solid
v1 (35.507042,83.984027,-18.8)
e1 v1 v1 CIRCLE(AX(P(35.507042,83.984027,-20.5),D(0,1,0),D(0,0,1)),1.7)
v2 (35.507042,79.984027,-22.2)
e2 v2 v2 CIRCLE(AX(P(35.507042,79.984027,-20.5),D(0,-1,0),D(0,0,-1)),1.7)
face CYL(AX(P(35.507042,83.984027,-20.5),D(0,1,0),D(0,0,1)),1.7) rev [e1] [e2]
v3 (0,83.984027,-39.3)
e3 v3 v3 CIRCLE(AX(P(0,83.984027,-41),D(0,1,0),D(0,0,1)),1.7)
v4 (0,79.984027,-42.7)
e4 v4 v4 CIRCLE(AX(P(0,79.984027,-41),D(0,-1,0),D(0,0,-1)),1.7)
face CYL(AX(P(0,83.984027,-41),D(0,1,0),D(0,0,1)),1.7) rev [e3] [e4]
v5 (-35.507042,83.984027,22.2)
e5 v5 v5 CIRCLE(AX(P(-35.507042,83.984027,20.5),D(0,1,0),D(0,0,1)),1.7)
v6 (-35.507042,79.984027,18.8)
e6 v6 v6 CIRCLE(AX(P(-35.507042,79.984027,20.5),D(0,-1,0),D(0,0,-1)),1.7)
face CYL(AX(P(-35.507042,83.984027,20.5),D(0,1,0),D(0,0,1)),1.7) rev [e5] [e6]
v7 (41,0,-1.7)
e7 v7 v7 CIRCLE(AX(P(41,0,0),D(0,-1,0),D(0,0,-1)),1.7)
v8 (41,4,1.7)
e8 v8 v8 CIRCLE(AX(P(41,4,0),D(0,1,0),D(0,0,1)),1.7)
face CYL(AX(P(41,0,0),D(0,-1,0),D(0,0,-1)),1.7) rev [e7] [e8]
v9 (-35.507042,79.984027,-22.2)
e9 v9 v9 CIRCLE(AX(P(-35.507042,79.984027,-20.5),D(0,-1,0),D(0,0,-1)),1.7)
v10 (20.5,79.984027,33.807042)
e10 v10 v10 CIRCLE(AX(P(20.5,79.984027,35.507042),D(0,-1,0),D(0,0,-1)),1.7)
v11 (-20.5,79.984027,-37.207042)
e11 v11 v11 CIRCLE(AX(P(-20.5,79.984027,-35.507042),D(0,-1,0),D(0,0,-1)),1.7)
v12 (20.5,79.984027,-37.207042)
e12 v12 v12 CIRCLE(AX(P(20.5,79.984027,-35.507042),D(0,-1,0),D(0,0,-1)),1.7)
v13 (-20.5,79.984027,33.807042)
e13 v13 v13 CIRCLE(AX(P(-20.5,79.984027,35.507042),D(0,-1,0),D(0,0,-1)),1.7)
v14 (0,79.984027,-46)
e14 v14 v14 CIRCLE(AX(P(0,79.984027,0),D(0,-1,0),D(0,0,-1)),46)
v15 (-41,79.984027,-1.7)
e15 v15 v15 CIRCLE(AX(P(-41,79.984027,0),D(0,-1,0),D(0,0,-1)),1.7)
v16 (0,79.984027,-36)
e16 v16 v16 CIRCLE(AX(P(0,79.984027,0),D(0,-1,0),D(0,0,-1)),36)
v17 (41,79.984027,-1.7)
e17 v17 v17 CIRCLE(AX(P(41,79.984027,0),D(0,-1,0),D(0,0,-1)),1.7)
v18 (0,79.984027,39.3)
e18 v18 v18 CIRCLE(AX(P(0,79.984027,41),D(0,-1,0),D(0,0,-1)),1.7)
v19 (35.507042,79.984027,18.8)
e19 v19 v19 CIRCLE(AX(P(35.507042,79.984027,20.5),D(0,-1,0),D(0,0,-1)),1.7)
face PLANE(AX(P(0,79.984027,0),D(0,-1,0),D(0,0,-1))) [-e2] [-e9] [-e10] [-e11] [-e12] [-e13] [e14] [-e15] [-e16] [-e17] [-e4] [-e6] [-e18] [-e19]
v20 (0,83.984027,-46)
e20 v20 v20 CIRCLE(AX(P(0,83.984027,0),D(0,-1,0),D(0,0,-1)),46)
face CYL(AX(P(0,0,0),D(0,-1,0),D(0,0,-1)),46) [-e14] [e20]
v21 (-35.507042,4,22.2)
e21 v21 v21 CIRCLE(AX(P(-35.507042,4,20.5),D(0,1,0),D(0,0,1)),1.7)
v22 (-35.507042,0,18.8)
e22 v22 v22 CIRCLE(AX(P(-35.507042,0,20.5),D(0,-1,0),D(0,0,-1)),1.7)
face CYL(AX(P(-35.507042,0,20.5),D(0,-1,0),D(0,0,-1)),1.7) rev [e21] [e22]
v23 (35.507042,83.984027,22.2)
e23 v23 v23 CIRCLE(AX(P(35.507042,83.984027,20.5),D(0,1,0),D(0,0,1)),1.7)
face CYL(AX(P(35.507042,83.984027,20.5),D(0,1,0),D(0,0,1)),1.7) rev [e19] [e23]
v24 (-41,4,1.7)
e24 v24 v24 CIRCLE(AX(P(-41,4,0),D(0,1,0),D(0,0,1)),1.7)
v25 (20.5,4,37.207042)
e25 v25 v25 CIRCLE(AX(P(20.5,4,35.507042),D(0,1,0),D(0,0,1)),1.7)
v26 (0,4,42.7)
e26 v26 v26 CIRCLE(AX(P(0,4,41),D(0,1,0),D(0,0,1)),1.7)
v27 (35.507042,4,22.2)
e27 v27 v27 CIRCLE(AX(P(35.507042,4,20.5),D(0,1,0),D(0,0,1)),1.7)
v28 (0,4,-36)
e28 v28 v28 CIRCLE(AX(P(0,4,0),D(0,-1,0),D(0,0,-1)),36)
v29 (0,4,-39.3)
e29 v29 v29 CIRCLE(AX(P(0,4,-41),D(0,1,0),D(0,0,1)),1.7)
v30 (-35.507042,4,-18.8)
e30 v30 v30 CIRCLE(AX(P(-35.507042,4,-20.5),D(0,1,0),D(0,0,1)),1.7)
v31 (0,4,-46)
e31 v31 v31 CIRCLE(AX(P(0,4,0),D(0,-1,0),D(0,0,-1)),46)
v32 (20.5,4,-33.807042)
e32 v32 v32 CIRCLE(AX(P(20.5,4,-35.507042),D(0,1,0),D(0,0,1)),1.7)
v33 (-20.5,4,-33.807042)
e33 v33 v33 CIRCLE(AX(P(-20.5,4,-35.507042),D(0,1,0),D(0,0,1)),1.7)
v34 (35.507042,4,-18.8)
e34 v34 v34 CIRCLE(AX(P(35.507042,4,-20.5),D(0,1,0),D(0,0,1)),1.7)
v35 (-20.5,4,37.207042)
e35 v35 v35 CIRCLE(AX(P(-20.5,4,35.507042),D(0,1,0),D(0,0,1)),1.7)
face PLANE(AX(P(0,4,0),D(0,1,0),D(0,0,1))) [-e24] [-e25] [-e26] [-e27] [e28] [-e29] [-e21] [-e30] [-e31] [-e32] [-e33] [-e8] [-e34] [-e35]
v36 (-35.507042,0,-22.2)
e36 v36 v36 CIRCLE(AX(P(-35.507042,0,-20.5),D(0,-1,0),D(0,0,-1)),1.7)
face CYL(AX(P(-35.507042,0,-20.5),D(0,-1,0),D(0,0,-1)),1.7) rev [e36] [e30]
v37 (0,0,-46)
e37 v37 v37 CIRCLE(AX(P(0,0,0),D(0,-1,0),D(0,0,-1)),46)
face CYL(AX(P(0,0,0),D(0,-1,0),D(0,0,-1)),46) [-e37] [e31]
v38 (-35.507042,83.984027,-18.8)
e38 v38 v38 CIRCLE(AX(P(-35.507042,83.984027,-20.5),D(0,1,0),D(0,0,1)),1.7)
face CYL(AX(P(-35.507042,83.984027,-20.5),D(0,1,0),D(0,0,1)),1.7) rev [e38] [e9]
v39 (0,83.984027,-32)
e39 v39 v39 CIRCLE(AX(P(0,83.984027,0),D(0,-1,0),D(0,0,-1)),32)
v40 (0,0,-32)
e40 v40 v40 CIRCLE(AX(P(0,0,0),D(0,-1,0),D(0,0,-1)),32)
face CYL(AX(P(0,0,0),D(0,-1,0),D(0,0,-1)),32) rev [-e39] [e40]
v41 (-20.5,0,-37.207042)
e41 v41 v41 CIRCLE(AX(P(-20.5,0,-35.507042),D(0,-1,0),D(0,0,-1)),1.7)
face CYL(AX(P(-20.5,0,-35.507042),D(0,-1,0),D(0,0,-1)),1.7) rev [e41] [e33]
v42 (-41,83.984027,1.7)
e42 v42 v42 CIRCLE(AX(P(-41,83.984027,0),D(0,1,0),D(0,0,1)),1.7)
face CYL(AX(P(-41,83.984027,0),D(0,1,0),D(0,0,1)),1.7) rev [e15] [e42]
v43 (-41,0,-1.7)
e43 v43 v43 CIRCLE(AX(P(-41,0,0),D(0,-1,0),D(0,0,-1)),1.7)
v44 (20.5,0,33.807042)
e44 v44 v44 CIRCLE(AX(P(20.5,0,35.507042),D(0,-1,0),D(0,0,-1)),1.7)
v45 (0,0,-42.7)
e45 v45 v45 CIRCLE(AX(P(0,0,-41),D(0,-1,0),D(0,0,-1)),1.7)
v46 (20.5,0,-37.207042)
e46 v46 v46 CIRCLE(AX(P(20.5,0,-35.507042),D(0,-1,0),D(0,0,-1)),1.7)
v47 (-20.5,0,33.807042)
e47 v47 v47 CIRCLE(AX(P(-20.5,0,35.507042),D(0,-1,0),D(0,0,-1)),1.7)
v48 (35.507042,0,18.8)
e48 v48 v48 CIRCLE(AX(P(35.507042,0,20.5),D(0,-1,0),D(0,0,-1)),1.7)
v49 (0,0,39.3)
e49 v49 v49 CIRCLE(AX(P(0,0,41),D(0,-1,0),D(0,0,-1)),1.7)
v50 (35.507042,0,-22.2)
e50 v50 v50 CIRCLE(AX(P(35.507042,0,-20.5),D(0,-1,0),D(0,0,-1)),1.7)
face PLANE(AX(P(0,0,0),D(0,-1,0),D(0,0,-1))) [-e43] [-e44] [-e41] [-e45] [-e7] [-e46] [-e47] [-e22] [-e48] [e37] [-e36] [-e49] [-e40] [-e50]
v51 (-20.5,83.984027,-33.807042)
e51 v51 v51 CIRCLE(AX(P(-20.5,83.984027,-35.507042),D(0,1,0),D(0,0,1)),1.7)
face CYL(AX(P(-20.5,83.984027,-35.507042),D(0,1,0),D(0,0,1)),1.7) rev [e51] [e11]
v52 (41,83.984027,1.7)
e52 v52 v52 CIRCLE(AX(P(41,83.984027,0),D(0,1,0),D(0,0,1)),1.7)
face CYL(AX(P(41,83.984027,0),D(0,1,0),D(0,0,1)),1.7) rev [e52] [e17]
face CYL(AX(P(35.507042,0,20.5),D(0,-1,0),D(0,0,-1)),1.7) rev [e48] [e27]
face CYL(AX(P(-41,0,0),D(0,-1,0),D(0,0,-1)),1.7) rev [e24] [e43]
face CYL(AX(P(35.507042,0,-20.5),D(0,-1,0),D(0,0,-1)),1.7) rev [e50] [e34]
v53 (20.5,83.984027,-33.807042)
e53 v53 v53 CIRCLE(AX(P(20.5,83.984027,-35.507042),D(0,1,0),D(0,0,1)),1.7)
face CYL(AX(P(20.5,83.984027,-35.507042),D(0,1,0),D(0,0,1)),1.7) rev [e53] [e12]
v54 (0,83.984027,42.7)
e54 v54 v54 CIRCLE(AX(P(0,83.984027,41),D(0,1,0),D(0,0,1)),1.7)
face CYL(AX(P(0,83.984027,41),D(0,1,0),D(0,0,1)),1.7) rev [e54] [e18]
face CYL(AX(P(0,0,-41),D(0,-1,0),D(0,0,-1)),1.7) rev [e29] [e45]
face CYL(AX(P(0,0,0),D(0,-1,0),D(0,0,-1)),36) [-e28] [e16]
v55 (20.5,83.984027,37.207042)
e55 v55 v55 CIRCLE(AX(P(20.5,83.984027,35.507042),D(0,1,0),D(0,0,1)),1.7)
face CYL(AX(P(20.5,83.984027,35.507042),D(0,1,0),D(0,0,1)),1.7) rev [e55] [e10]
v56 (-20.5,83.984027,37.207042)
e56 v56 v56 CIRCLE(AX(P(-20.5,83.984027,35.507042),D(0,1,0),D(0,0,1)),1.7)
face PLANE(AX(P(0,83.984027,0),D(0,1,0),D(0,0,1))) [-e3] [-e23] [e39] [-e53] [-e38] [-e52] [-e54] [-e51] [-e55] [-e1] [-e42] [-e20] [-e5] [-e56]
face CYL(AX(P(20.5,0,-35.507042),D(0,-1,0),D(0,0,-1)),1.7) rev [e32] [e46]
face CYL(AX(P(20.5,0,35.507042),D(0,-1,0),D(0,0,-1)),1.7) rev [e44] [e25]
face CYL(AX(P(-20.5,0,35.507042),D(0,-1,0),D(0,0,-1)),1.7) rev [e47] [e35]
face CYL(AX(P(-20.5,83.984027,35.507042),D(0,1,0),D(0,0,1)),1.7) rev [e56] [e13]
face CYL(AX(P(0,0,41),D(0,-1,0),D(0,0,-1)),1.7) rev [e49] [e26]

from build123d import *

# Parameters (mm, degrees)
M3_CLEARANCE_HOLE1_D     = 3.4
M3_CLEARANCE_HOLE1_DEPTH = 4.001
M3_CLEARANCE_HOLE2_D     = 3.4
M3_CLEARANCE_HOLE2_DEPTH = 4.001
CIRPATTERN1_COUNT        = 12


with BuildPart() as part:
    # Sketch1 → Revolve1 (revolve)
    with BuildSketch(Plane.XY):
        Polygon((-32, 83.984026871), (-32, 0), (-46, 0), (-46, 4), (-36, 4), (-36, 79.984026871), (-46, 79.984026871), (-46, 83.984026871), align=None)
    revolve(axis=Axis((0, 0, 0), (0, 1, 0)))

    # M3 Clearance Hole1
    with Locations(Plane(origin=(0, 83.984026871, 0), x_dir=(1, 0, 0), z_dir=(0, 1, 0))):
        with Locations((0, 41)):
            m3_clearance_hole1 = Hole(M3_CLEARANCE_HOLE1_D / 2, depth=M3_CLEARANCE_HOLE1_DEPTH)

    # M3 Clearance Hole2
    with Locations(Plane(origin=(0, 0, 0), x_dir=(-1, 0, 0), z_dir=(0, -1, 0))):
        with Locations((0, 41)):
            m3_clearance_hole2 = Hole(M3_CLEARANCE_HOLE2_D / 2, depth=M3_CLEARANCE_HOLE2_DEPTH)

    # CirPattern1: M3 Clearance Hole1, M3 Clearance Hole2 ×12 about axis
    cirpattern1_axis = Axis((0, 0, 0), (0, 1, 0))
    for i in range(1, CIRPATTERN1_COUNT):
        add(m3_clearance_hole1.rotate(cirpattern1_axis, i * 360 / CIRPATTERN1_COUNT), mode=Mode.SUBTRACT)
        add(m3_clearance_hole2.rotate(cirpattern1_axis, i * 360 / CIRPATTERN1_COUNT), mode=Mode.SUBTRACT)


solid = part.part
